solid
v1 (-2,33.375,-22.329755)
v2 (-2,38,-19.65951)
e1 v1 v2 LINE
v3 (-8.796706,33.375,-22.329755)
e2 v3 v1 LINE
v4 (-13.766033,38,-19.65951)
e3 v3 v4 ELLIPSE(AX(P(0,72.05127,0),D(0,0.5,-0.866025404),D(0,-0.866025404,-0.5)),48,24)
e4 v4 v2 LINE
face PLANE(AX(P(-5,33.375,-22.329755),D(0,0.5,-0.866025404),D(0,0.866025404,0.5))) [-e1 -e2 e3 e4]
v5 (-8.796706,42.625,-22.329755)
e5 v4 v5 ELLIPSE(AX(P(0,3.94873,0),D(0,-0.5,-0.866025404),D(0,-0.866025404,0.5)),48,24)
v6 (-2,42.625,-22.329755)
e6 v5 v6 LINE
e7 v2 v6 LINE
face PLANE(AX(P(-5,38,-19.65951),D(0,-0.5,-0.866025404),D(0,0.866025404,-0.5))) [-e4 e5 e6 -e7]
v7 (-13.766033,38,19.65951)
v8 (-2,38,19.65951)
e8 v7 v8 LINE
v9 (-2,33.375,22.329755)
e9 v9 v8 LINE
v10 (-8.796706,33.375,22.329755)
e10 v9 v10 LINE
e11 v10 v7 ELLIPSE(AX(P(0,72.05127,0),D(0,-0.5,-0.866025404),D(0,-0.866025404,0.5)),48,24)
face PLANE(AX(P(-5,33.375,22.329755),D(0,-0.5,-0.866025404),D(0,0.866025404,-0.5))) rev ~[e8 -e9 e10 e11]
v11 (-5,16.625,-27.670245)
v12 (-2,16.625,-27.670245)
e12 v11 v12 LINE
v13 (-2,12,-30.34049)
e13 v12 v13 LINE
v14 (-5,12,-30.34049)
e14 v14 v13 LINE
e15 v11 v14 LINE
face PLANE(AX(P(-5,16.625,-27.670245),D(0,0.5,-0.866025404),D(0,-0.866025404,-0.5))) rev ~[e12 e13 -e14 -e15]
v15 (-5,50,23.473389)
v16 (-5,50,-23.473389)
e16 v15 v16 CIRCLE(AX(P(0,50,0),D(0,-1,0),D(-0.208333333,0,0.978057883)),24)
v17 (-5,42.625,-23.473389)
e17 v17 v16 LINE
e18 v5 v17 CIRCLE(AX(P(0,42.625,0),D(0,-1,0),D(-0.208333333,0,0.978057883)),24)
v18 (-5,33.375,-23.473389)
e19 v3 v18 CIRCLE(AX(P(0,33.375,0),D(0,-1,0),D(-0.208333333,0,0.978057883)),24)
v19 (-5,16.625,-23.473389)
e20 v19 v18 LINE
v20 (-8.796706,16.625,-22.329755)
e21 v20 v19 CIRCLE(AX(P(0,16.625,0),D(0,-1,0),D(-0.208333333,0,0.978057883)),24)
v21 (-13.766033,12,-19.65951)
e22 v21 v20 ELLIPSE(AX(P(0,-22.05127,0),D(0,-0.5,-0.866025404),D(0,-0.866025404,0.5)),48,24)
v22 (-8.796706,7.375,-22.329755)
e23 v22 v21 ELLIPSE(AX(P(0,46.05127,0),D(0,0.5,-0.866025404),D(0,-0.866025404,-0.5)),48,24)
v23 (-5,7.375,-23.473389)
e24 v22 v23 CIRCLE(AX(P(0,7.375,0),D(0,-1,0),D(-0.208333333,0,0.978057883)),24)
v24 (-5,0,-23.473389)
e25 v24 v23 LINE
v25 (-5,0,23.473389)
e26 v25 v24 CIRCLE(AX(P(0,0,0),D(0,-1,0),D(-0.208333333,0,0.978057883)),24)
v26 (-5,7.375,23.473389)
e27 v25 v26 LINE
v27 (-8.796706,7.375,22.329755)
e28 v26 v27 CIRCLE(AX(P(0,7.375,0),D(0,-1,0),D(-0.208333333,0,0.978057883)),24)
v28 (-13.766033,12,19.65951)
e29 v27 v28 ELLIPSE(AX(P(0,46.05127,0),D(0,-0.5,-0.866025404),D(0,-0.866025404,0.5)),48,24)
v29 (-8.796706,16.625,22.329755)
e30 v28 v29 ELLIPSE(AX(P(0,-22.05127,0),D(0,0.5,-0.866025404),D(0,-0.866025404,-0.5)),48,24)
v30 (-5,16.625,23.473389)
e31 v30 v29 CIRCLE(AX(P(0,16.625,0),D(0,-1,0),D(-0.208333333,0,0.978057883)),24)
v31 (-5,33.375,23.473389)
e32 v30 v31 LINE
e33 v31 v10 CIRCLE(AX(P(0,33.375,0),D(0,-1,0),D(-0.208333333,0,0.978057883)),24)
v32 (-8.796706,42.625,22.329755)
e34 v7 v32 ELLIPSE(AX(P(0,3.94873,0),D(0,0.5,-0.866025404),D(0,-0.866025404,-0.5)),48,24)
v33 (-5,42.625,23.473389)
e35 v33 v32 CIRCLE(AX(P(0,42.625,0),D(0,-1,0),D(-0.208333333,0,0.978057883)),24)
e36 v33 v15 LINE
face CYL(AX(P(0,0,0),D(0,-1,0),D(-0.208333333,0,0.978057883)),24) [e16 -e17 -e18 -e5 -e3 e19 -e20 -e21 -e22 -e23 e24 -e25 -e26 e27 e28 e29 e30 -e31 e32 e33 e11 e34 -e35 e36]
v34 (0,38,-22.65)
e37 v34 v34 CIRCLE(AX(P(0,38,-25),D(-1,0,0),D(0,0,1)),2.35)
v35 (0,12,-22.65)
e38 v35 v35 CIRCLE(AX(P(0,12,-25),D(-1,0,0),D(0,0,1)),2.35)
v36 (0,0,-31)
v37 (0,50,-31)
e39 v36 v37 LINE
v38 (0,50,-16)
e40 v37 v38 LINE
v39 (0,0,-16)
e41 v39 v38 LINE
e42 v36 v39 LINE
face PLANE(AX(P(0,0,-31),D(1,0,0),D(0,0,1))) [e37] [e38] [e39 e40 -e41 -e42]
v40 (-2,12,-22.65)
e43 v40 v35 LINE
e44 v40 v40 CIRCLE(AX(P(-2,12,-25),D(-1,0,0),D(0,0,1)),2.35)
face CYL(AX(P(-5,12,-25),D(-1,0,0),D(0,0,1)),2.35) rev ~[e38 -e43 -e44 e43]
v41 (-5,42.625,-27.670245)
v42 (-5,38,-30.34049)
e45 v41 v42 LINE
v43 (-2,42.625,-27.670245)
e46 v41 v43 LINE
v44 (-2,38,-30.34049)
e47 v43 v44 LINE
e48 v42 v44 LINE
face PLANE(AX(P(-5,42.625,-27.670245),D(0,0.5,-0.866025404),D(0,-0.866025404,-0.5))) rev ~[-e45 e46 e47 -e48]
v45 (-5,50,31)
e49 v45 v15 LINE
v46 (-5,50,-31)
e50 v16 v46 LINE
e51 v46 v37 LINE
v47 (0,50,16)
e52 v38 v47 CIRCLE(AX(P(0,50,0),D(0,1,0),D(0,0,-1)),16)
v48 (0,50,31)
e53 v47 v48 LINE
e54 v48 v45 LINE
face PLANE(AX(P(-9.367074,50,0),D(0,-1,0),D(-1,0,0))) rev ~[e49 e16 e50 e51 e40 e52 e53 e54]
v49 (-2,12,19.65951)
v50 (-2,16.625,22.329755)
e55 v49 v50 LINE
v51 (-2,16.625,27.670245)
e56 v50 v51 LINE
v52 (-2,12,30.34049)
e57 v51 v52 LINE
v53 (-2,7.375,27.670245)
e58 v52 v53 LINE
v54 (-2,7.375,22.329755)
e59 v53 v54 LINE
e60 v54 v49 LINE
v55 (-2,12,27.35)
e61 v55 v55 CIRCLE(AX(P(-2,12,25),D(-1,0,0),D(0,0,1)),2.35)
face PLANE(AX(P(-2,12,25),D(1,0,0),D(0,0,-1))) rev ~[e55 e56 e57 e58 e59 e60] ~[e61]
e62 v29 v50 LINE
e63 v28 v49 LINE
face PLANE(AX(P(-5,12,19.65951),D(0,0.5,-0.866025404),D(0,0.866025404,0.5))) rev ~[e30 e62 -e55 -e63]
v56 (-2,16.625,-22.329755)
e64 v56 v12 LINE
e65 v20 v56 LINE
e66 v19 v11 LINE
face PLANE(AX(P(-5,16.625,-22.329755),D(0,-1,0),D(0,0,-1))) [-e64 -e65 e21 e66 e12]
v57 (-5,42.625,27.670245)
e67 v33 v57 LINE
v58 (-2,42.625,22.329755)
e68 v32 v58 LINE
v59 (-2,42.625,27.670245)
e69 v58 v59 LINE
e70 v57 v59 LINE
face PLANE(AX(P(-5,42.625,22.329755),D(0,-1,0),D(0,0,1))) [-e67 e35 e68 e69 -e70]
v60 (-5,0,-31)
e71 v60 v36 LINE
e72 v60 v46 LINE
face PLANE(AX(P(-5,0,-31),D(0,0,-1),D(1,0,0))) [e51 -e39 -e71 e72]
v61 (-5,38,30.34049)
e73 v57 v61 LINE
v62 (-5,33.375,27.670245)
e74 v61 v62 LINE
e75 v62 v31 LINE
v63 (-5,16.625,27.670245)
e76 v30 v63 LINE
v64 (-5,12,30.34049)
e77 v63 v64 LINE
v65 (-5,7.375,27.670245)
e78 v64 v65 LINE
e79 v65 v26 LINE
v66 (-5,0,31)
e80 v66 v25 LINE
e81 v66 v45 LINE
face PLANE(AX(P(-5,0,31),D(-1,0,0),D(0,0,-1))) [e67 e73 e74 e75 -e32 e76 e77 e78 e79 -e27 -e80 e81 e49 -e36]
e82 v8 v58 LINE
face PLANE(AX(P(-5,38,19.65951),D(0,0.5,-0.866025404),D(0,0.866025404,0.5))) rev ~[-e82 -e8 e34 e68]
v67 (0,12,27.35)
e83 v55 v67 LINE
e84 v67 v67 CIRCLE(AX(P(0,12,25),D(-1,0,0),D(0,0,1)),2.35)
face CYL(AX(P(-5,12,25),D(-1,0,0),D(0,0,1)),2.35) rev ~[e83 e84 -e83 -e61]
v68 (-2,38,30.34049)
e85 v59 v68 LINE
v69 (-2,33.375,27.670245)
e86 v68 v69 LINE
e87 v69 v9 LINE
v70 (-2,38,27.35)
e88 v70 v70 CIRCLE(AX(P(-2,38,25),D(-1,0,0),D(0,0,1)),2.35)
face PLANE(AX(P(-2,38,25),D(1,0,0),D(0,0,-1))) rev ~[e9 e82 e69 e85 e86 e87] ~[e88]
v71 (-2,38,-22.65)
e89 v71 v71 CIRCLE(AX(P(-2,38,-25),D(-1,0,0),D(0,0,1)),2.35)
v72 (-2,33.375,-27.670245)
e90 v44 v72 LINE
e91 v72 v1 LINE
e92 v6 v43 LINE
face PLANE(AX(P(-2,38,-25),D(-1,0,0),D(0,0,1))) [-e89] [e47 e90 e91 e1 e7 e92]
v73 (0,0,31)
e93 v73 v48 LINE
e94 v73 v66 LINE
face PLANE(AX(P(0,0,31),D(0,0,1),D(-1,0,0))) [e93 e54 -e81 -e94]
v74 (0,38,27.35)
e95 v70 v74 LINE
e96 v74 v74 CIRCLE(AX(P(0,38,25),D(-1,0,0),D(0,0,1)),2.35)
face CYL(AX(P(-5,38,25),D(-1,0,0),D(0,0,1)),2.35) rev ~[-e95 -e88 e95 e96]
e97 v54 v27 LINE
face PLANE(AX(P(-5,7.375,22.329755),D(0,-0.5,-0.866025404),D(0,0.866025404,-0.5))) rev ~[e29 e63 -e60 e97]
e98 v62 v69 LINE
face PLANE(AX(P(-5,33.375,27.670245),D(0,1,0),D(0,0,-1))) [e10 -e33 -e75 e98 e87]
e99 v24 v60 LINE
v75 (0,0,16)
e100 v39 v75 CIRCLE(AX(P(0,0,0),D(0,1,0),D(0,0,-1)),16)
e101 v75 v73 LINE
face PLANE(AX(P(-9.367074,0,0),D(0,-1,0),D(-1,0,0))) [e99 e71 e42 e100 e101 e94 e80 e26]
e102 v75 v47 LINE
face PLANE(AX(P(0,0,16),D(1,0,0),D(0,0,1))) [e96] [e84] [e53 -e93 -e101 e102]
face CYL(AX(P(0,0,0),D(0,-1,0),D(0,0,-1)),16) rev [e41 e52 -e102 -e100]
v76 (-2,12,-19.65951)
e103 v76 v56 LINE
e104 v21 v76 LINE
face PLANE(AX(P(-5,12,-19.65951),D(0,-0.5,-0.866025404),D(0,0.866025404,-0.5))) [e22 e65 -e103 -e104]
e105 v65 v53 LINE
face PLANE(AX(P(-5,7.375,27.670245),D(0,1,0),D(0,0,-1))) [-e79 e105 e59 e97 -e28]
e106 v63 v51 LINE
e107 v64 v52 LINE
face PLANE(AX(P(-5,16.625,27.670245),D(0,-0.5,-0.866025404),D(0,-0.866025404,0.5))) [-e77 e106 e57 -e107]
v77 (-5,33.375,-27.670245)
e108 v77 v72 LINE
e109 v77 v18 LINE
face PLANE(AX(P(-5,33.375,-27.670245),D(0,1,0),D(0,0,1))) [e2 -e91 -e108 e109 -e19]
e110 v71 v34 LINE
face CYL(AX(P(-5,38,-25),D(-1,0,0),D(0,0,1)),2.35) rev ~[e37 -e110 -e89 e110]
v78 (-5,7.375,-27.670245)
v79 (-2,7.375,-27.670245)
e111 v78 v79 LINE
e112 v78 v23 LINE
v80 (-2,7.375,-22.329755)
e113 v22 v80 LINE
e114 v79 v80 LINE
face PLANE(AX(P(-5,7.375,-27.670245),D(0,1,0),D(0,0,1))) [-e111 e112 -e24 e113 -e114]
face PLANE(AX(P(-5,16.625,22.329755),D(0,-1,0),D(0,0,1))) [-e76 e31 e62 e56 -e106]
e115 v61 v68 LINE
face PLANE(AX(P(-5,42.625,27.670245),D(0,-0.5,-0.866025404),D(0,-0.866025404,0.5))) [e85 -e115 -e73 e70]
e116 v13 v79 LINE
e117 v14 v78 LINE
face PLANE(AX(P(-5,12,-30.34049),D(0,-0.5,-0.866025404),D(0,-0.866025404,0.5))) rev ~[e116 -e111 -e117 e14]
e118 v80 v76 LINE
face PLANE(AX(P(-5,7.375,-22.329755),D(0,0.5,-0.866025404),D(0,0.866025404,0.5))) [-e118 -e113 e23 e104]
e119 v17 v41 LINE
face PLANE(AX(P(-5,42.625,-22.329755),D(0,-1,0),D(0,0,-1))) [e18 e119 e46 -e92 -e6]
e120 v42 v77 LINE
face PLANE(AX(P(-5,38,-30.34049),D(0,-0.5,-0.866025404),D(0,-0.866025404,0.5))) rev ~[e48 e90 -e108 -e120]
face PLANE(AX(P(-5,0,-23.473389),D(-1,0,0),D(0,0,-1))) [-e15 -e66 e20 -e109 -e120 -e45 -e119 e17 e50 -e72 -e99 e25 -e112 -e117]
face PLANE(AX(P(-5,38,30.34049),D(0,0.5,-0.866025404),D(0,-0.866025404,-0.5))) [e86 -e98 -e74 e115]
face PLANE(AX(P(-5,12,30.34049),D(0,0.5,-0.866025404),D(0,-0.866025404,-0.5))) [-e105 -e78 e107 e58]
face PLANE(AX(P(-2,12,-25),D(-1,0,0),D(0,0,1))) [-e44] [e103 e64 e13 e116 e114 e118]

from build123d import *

# Parameters (mm, degrees)
BOSS_EXTRUDE1_DEPTH = 50
CUT_EXTRUDE1_DEPTH  = 50
SKETCH2_7_R         = 2.35
CUT_EXTRUDE5_DEPTH  = 10
SKETCH2_10_R        = 2.35
CUT_EXTRUDE8_DEPTH  = 3


with BuildPart() as part:
    # Sketch1 → Boss-Extrude1 (new body)
    with BuildSketch(Plane(origin=(0, 0, 0), x_dir=(1, 0, 0), z_dir=(0, 1, 0))):
        with BuildLine():
            Line((0, -16), (0, -31))
            Line((0, -31), (-5, -31))
            Line((-5, -31), (-5, -23.473389189))
            ThreePointArc((-5, -23.473389189), (-24, 0), (-5, 23.473389189))
            Line((-5, 23.473389189), (-5, 31))
            Line((-5, 31), (0, 31))
            Line((0, 31), (0, 16))
            ThreePointArc((0, 16), (-16, 0), (0, -16))
        make_face()
    extrude(amount=BOSS_EXTRUDE1_DEPTH)

    # Sketch2 → Cut-Extrude1 (cut)
    with BuildSketch(Plane.ZY.offset(5)):
        Polygon((-22.329755005, 33.375), (-19.65951001, 38), (-22.329755005, 42.625), (-27.670244995, 42.625), (-30.34048999, 38), (-27.670244995, 33.375), align=None)
        Polygon((-22.329755005, 7.375), (-19.65951001, 12), (-22.329755005, 16.625), (-27.670244995, 16.625), (-30.34048999, 12), (-27.670244995, 7.375), align=None)
        Polygon((27.670244995, 7.375), (22.329755005, 7.375), (19.65951001, 12), (22.329755005, 16.625), (27.670244995, 16.625), (30.34048999, 12), align=None)
        Polygon((27.670244995, 42.625), (30.34048999, 38), (27.670244995, 33.375), (22.329755005, 33.375), (19.65951001, 38), (22.329755005, 42.625), align=None)
    extrude(amount=CUT_EXTRUDE1_DEPTH, mode=Mode.SUBTRACT)

    # Sketch2<7> → Cut-Extrude5 (cut)
    with BuildSketch(Plane.ZY.offset(5)):
        with Locations((-25, 38)):
            Circle(SKETCH2_7_R)
        with Locations((-25, 12)):
            Circle(SKETCH2_7_R)
        with Locations((25, 12)):
            Circle(SKETCH2_7_R)
        with Locations((25, 38)):
            Circle(SKETCH2_7_R)
    extrude(amount=-CUT_EXTRUDE5_DEPTH, mode=Mode.SUBTRACT)

    # Sketch2<10> → Cut-Extrude8 (cut)
    # profile 1 of 4: a face of its own
    with BuildSketch(Plane.ZY.offset(5)):
        Polygon((-22.329755005, 33.375), (-19.65951001, 38), (-22.329755005, 42.625), (-27.670244995, 42.625), (-30.34048999, 38), (-27.670244995, 33.375), align=None)
        with Locations((-25, 38)):
            Circle(SKETCH2_10_R, mode=Mode.SUBTRACT)
    # profile 2 of 4: a face of its own
    with BuildSketch(Plane.ZY.offset(5)):
        Polygon((-22.329755005, 7.375), (-19.65951001, 12), (-22.329755005, 16.625), (-27.670244995, 16.625), (-30.34048999, 12), (-27.670244995, 7.375), align=None)
        with Locations((-25, 12)):
            Circle(SKETCH2_10_R, mode=Mode.SUBTRACT)
    # profile 3 of 4: a face of its own
    with BuildSketch(Plane.ZY.offset(5)):
        Polygon((27.670244995, 7.375), (22.329755005, 7.375), (19.65951001, 12), (22.329755005, 16.625), (27.670244995, 16.625), (30.34048999, 12), align=None)
        with Locations((25, 12)):
            Circle(SKETCH2_10_R, mode=Mode.SUBTRACT)
    # profile 4 of 4: a face of its own
    with BuildSketch(Plane.ZY.offset(5)):
        Polygon((27.670244995, 42.625), (30.34048999, 38), (27.670244995, 33.375), (22.329755005, 33.375), (19.65951001, 38), (22.329755005, 42.625), align=None)
        with Locations((25, 38)):
            Circle(SKETCH2_10_R, mode=Mode.SUBTRACT)
    extrude(amount=-CUT_EXTRUDE8_DEPTH, mode=Mode.SUBTRACT)


solid = part.part
